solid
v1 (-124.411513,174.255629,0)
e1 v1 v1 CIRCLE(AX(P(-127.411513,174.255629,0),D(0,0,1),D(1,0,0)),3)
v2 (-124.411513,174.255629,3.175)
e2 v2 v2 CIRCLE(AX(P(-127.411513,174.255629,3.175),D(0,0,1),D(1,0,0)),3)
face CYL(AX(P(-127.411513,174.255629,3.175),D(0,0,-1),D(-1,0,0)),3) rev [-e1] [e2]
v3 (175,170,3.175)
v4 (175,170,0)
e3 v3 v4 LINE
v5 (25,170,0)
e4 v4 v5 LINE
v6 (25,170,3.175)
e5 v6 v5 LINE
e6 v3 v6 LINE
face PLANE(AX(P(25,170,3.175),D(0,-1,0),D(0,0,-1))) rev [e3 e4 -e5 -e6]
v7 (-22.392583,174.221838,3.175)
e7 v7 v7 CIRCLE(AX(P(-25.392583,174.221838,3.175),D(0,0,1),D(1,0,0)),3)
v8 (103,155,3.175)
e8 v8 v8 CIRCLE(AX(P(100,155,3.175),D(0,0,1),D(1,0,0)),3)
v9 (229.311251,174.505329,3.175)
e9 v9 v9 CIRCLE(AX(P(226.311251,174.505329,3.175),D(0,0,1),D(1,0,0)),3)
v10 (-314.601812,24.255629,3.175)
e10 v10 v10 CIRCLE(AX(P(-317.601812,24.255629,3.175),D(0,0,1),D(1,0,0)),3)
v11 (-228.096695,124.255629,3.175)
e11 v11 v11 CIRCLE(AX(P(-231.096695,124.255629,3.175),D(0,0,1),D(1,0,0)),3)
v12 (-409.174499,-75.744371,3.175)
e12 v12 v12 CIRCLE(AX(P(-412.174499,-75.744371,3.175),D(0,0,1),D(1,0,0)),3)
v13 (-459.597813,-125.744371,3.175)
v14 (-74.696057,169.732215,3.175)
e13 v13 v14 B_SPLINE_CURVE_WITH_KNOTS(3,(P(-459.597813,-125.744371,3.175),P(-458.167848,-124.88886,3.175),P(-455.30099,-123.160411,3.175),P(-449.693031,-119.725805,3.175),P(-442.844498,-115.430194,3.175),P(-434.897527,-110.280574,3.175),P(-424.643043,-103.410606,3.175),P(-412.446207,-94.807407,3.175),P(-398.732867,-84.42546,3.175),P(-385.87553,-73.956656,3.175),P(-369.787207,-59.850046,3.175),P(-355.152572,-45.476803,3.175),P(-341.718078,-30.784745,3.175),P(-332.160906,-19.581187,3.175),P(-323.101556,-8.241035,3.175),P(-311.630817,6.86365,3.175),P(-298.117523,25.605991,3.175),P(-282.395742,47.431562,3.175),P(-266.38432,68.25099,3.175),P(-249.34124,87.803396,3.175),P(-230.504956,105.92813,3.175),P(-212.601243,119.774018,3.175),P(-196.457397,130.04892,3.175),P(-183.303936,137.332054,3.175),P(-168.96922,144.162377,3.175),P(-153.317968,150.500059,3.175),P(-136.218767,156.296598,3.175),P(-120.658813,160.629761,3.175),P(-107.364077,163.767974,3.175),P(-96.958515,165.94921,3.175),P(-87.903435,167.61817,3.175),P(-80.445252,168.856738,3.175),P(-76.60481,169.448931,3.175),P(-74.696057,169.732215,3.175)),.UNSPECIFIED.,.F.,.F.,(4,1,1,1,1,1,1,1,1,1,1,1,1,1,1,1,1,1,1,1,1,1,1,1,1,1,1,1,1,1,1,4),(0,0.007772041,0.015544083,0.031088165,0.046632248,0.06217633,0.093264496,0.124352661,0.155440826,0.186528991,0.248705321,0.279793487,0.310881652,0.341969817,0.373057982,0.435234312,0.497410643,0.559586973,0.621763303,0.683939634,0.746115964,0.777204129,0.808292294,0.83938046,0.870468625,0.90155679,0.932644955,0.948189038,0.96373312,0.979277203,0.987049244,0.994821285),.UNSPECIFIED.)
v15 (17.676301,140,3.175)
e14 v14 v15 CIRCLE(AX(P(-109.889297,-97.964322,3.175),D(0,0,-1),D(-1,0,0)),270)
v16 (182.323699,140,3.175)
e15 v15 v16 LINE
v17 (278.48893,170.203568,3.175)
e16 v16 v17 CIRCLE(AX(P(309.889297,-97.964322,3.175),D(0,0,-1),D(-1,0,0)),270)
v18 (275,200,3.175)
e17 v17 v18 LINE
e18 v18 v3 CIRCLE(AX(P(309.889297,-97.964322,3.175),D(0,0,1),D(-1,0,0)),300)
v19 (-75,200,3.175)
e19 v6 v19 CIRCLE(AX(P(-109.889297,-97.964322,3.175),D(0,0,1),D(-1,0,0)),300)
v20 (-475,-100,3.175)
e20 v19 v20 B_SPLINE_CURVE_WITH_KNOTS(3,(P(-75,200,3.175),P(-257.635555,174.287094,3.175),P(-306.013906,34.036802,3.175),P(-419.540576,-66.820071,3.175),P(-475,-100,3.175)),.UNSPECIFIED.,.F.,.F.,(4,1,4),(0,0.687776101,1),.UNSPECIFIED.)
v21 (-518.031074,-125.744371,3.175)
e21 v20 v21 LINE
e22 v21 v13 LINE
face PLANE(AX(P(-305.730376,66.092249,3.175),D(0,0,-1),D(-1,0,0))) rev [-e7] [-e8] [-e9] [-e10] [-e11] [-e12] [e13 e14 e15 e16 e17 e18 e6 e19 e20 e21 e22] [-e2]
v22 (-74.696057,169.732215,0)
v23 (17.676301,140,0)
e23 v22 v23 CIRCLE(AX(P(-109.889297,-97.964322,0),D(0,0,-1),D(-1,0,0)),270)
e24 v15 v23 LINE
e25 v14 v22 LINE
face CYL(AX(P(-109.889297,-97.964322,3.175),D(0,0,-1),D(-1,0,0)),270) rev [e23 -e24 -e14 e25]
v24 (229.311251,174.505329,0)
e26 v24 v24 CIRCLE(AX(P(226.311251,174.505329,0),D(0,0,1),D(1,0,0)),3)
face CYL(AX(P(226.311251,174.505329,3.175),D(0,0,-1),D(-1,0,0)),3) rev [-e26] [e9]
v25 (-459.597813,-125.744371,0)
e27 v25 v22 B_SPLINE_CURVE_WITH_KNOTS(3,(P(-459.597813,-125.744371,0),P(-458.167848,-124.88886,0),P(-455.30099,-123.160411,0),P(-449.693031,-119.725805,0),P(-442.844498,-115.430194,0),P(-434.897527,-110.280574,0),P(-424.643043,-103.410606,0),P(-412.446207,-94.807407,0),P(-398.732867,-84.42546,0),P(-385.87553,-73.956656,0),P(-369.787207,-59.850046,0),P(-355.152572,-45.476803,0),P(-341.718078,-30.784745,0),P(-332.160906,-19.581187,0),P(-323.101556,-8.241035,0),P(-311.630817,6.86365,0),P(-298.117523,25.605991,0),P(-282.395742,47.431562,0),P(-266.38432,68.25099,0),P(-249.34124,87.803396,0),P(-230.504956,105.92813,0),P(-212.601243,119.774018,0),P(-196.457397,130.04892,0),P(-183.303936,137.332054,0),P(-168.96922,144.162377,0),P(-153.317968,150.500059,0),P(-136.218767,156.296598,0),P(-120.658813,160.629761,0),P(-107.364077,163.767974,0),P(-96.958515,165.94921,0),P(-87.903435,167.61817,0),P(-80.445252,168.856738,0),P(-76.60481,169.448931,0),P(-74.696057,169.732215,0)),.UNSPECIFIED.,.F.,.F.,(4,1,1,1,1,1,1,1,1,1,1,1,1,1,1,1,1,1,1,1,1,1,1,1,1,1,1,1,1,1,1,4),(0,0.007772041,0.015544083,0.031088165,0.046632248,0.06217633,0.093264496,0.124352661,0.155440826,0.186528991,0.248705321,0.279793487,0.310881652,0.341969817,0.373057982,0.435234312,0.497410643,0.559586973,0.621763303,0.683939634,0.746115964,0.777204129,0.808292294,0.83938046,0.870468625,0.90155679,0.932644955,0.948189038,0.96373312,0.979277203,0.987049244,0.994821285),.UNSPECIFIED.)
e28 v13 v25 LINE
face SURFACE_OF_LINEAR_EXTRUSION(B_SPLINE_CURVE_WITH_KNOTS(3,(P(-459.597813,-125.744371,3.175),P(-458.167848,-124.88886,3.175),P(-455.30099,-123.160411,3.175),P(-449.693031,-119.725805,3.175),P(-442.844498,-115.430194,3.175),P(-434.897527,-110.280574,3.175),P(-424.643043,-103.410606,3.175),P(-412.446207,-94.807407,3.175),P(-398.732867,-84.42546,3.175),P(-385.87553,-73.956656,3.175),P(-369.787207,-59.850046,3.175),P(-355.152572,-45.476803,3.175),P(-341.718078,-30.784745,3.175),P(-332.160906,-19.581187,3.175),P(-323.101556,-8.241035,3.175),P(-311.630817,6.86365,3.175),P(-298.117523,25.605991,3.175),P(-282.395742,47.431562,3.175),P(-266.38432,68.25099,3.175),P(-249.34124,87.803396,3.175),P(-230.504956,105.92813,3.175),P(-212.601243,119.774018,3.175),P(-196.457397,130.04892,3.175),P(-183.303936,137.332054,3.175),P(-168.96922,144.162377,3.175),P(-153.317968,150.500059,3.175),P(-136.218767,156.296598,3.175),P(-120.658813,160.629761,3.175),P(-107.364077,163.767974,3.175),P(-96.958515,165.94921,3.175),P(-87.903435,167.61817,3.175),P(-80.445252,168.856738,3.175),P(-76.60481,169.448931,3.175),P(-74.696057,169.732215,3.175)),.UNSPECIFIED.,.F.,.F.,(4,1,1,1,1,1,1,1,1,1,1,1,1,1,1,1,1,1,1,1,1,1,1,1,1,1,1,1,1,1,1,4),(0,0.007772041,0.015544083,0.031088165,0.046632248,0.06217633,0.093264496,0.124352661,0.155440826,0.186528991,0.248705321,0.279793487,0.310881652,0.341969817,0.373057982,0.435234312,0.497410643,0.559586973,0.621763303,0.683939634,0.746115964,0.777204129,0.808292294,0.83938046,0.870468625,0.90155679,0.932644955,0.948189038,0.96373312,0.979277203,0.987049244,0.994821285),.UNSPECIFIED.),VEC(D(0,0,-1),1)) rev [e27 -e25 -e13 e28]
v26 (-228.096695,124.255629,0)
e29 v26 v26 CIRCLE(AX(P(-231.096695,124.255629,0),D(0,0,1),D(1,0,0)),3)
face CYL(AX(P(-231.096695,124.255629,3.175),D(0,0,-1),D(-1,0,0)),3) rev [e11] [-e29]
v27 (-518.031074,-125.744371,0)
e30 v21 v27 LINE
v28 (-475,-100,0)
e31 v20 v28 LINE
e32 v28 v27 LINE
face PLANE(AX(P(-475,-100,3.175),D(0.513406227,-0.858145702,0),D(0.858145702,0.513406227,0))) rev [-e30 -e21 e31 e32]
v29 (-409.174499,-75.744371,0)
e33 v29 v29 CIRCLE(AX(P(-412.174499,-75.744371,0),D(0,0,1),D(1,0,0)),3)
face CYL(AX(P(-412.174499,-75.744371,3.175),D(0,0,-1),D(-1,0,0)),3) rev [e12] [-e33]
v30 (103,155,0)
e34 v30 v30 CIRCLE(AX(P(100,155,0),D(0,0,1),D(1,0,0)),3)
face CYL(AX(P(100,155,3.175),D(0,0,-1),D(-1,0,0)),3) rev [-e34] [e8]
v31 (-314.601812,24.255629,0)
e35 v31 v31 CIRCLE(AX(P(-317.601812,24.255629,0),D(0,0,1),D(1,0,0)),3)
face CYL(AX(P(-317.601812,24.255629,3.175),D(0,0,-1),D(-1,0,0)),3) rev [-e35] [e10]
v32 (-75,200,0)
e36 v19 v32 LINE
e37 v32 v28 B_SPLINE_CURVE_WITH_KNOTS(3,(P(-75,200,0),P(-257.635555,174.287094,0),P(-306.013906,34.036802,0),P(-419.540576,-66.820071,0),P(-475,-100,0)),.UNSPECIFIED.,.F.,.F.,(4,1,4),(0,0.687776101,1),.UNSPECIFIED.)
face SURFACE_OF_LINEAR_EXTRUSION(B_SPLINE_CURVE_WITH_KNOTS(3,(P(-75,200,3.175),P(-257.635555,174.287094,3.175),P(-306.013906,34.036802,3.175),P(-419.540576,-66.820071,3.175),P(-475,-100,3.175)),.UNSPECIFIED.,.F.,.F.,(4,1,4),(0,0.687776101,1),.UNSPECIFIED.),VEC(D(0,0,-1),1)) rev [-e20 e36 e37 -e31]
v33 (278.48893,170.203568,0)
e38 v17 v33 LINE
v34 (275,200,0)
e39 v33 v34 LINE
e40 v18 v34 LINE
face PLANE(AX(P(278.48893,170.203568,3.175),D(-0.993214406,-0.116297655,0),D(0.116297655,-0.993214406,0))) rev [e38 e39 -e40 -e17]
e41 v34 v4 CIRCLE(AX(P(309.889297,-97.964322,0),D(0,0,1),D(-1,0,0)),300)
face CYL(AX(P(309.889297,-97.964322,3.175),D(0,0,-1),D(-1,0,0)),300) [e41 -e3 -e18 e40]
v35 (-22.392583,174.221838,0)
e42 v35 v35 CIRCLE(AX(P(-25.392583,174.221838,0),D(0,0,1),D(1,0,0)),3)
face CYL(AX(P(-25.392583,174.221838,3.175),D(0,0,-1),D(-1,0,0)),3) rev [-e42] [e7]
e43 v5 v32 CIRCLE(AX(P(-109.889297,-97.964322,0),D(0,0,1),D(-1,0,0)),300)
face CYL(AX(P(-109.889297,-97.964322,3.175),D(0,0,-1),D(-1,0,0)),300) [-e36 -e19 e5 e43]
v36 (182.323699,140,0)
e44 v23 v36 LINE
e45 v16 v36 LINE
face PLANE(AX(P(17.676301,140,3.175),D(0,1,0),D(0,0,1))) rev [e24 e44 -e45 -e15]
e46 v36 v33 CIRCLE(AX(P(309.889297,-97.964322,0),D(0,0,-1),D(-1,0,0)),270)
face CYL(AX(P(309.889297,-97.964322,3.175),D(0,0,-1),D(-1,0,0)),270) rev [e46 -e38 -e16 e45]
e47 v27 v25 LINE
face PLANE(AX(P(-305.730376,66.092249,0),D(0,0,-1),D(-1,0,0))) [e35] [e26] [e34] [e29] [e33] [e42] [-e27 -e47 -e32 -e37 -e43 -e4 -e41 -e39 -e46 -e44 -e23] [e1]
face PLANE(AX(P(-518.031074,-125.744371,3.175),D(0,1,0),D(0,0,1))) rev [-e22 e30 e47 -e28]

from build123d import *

# Parameters (mm, degrees)
SKETCH1_R           = 3
BOSS_EXTRUDE1_DEPTH = 3.175


with BuildPart() as part:
    # Sketch1 → Boss-Extrude1 (new body)
    with BuildSketch(Plane.XY):
        with BuildLine():
            Line((25, 170), (175, 170))
            ThreePointArc((175, 170), (223.684930832, 189.383563894), (275, 200))
            Line((275, 200), (278.48892965, 170.203567833))
            ThreePointArc((278.48892965, 170.203567833), (228.984362684, 159.629140364), (182.323699215, 140))
            Line((182.323699215, 140), (17.676300785, 140))
            ThreePointArc((17.676300785, 140), (-27.163176857, 159.050053662), (-74.696057289, 169.732215313))
            add(Edge.make_bspline(
                [(-459.597813184, -125.74437106), (-458.167847661, -124.888859924), (-455.300989911, -123.160410804), (-449.693031194, -119.725805066), (-442.844497858, -115.430194443), (-434.897527213, -110.280573748), (-424.643042919, -103.410605598), (-412.446207366, -94.807407336), (-398.73286692, -84.425459971), (-385.875530014, -73.956655832), (-369.787206696, -59.850046206), (-355.152571956, -45.476802835), (-341.718077927, -30.784744771), (-332.160906415, -19.581186548), (-323.101555816, -8.241034683), (-311.630816912, 6.863649777), (-298.117522758, 25.605990916), (-282.395742384, 47.431562205), (-266.384320483, 68.25099024), (-249.34123977, 87.803395961), (-230.504956306, 105.928130356), (-212.601243201, 119.774018212), (-196.457396921, 130.048920131), (-183.303935629, 137.33205425), (-168.969219752, 144.162376514), (-153.317967868, 150.50005901), (-136.218766867, 156.296597686), (-120.658812709, 160.629761276), (-107.364076993, 163.767973943), (-96.958515184, 165.949209965), (-87.903435435, 167.618170459), (-80.445251901, 168.856738216), (-76.604810273, 169.448930821), (-74.696057289, 169.732215313)],
                knots=[0, 0, 0, 0, 0.007772041, 0.015544083, 0.031088165, 0.046632248, 0.06217633, 0.093264496, 0.124352661, 0.155440826, 0.186528991, 0.248705321, 0.279793487, 0.310881652, 0.341969817, 0.373057982, 0.435234312, 0.497410643, 0.559586973, 0.621763303, 0.683939634, 0.746115964, 0.777204129, 0.808292294, 0.83938046, 0.870468625, 0.90155679, 0.932644955, 0.948189038, 0.96373312, 0.979277203, 0.987049244, 0.994821285, 0.994821285, 0.994821285, 0.994821285], degree=3))
            Line((-459.597813184, -125.74437106), (-518.031074044, -125.74437106))
            Line((-518.031074044, -125.74437106), (-475, -100))
            add(Edge.make_bspline(
                [(-475, -100), (-419.540575809, -66.820070684), (-306.013905785, 34.036801702), (-257.635554762, 174.287094016), (-75, 200)],
                knots=[0, 0, 0, 0, 0.312223899, 1, 1, 1, 1], degree=3))
            ThreePointArc((-75, 200), (-23.684930832, 189.383563894), (25, 170))
        make_face()
        with Locations((-412.174499428, -75.74437106)):
            Circle(SKETCH1_R, mode=Mode.SUBTRACT)
        with Locations((-317.601811803, 24.25562894)):
            Circle(SKETCH1_R, mode=Mode.SUBTRACT)
        with Locations((-231.096695012, 124.25562894)):
            Circle(SKETCH1_R, mode=Mode.SUBTRACT)
        with Locations((-127.411512689, 174.25562894)):
            Circle(SKETCH1_R, mode=Mode.SUBTRACT)
        with Locations((100, 155)):
            Circle(SKETCH1_R, mode=Mode.SUBTRACT)
        with Locations((226.311251147, 174.505328628)):
            Circle(SKETCH1_R, mode=Mode.SUBTRACT)
        with Locations((-25.392583218, 174.221837866)):
            Circle(SKETCH1_R, mode=Mode.SUBTRACT)
    extrude(amount=BOSS_EXTRUDE1_DEPTH)


solid = part.part
